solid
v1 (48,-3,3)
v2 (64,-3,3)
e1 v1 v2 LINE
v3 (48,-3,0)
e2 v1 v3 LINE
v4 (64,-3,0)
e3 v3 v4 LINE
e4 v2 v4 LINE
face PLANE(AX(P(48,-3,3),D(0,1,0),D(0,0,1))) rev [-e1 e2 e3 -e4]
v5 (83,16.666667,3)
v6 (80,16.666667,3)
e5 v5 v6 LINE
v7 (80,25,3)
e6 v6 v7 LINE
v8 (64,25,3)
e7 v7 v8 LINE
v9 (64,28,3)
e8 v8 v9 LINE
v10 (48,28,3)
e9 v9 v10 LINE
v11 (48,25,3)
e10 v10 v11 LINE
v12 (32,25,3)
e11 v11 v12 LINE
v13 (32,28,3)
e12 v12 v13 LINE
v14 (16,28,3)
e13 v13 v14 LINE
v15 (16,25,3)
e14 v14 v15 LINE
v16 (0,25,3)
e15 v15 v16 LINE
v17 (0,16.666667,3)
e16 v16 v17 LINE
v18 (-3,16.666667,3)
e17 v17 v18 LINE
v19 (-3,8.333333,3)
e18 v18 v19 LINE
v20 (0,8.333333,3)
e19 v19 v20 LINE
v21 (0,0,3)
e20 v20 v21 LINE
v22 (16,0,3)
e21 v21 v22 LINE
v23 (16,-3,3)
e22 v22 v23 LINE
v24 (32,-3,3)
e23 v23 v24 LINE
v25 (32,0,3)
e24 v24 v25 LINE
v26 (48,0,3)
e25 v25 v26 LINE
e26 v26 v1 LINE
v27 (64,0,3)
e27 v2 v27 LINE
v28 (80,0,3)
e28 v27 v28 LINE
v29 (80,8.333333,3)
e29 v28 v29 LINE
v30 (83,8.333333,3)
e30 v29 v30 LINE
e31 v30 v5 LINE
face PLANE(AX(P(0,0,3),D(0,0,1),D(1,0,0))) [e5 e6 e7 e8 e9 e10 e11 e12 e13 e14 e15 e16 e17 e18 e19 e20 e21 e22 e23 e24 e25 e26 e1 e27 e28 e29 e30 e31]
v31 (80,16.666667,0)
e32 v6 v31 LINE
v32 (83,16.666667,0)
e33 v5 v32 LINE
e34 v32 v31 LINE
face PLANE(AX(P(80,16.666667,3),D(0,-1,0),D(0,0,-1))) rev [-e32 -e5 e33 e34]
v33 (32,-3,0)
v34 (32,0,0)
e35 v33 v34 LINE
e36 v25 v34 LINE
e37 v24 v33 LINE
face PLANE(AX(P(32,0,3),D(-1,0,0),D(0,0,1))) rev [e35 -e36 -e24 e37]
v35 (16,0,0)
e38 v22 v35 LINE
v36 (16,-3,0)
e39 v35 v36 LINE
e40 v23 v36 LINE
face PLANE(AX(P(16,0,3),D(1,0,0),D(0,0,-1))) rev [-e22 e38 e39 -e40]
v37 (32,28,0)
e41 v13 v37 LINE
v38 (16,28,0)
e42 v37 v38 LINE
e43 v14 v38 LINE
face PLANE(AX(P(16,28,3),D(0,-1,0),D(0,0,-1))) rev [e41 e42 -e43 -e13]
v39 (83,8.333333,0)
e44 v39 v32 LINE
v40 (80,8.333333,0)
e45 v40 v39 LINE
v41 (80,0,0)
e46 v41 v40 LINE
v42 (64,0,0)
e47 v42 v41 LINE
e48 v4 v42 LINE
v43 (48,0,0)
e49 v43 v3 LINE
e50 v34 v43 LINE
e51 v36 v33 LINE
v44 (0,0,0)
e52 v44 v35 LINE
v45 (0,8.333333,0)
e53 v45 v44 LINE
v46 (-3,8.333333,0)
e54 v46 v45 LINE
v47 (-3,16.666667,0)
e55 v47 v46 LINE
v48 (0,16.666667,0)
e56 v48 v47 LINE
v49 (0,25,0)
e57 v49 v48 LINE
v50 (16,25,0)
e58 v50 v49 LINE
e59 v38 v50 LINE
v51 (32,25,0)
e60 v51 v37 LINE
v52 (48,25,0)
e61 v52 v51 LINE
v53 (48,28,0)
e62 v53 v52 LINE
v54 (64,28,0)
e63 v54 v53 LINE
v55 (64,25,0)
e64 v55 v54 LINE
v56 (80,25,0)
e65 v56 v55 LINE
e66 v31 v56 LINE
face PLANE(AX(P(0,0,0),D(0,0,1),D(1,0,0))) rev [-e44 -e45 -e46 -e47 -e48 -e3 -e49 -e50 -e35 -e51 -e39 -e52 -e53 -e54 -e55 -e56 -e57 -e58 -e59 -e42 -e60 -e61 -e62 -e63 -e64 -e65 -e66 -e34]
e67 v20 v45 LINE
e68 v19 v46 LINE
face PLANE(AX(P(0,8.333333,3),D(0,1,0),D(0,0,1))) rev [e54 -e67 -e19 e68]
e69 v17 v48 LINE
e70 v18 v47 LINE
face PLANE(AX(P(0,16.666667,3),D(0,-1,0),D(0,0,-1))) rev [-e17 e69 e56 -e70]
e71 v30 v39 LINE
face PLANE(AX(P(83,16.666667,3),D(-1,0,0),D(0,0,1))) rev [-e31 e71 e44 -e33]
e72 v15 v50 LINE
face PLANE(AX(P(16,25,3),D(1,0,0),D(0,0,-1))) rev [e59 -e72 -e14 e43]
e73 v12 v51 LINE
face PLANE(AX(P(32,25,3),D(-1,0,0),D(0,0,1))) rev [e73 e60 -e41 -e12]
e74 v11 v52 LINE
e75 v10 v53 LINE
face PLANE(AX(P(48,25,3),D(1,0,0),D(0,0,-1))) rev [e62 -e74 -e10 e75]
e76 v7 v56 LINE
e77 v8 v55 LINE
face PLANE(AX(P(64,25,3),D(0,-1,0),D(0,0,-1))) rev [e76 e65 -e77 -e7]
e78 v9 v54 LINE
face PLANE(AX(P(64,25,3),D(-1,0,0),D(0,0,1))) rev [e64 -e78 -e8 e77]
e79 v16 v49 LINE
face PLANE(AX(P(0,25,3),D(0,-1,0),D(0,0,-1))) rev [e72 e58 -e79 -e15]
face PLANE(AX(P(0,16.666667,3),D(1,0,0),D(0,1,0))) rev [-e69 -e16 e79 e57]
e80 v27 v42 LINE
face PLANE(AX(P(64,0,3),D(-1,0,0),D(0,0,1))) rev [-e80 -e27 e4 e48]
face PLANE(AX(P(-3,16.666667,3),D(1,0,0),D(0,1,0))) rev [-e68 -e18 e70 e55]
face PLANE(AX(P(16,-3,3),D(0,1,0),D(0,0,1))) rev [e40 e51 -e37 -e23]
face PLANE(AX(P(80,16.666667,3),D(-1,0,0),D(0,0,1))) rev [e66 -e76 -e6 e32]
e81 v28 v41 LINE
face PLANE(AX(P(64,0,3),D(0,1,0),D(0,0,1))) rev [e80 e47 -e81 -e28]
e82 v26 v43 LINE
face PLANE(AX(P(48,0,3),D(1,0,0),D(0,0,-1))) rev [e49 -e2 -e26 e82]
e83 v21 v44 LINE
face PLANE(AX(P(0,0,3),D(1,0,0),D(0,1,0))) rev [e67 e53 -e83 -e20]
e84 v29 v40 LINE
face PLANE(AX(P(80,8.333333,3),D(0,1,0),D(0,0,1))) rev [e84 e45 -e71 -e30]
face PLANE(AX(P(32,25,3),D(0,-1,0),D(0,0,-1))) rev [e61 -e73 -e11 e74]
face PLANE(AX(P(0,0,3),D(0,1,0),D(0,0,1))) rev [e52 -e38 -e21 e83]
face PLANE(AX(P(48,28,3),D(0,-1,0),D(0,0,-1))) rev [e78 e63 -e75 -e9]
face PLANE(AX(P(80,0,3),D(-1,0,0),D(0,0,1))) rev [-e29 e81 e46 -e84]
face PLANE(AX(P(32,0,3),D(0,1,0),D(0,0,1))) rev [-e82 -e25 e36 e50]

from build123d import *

# Parameters (mm, degrees)
FRONT_AND_BACK_EXTRUDED_DEPTH = 3


with BuildPart() as part:
    # Front and Back → Front and Back Extruded (new body)
    with BuildSketch(Plane.XY):
        Polygon((32, 25), (48, 25), (48, 28), (64, 28), (64, 25), (80, 25), (80, 16.666666667), (83, 16.666666667), (83, 8.333333333), (80, 8.333333333), (80, 0), (64, 0), (64, -3), (48, -3), (48, 0), (32, 0), (32, -3), (16, -3), (16, 0), (0, 0), (0, 8.333333333), (-3, 8.333333333), (-3, 16.666666667), (0, 16.666666667), (0, 25), (16, 25), (16, 28), (32, 28), align=None)
    extrude(amount=FRONT_AND_BACK_EXTRUDED_DEPTH)


solid = part.part
